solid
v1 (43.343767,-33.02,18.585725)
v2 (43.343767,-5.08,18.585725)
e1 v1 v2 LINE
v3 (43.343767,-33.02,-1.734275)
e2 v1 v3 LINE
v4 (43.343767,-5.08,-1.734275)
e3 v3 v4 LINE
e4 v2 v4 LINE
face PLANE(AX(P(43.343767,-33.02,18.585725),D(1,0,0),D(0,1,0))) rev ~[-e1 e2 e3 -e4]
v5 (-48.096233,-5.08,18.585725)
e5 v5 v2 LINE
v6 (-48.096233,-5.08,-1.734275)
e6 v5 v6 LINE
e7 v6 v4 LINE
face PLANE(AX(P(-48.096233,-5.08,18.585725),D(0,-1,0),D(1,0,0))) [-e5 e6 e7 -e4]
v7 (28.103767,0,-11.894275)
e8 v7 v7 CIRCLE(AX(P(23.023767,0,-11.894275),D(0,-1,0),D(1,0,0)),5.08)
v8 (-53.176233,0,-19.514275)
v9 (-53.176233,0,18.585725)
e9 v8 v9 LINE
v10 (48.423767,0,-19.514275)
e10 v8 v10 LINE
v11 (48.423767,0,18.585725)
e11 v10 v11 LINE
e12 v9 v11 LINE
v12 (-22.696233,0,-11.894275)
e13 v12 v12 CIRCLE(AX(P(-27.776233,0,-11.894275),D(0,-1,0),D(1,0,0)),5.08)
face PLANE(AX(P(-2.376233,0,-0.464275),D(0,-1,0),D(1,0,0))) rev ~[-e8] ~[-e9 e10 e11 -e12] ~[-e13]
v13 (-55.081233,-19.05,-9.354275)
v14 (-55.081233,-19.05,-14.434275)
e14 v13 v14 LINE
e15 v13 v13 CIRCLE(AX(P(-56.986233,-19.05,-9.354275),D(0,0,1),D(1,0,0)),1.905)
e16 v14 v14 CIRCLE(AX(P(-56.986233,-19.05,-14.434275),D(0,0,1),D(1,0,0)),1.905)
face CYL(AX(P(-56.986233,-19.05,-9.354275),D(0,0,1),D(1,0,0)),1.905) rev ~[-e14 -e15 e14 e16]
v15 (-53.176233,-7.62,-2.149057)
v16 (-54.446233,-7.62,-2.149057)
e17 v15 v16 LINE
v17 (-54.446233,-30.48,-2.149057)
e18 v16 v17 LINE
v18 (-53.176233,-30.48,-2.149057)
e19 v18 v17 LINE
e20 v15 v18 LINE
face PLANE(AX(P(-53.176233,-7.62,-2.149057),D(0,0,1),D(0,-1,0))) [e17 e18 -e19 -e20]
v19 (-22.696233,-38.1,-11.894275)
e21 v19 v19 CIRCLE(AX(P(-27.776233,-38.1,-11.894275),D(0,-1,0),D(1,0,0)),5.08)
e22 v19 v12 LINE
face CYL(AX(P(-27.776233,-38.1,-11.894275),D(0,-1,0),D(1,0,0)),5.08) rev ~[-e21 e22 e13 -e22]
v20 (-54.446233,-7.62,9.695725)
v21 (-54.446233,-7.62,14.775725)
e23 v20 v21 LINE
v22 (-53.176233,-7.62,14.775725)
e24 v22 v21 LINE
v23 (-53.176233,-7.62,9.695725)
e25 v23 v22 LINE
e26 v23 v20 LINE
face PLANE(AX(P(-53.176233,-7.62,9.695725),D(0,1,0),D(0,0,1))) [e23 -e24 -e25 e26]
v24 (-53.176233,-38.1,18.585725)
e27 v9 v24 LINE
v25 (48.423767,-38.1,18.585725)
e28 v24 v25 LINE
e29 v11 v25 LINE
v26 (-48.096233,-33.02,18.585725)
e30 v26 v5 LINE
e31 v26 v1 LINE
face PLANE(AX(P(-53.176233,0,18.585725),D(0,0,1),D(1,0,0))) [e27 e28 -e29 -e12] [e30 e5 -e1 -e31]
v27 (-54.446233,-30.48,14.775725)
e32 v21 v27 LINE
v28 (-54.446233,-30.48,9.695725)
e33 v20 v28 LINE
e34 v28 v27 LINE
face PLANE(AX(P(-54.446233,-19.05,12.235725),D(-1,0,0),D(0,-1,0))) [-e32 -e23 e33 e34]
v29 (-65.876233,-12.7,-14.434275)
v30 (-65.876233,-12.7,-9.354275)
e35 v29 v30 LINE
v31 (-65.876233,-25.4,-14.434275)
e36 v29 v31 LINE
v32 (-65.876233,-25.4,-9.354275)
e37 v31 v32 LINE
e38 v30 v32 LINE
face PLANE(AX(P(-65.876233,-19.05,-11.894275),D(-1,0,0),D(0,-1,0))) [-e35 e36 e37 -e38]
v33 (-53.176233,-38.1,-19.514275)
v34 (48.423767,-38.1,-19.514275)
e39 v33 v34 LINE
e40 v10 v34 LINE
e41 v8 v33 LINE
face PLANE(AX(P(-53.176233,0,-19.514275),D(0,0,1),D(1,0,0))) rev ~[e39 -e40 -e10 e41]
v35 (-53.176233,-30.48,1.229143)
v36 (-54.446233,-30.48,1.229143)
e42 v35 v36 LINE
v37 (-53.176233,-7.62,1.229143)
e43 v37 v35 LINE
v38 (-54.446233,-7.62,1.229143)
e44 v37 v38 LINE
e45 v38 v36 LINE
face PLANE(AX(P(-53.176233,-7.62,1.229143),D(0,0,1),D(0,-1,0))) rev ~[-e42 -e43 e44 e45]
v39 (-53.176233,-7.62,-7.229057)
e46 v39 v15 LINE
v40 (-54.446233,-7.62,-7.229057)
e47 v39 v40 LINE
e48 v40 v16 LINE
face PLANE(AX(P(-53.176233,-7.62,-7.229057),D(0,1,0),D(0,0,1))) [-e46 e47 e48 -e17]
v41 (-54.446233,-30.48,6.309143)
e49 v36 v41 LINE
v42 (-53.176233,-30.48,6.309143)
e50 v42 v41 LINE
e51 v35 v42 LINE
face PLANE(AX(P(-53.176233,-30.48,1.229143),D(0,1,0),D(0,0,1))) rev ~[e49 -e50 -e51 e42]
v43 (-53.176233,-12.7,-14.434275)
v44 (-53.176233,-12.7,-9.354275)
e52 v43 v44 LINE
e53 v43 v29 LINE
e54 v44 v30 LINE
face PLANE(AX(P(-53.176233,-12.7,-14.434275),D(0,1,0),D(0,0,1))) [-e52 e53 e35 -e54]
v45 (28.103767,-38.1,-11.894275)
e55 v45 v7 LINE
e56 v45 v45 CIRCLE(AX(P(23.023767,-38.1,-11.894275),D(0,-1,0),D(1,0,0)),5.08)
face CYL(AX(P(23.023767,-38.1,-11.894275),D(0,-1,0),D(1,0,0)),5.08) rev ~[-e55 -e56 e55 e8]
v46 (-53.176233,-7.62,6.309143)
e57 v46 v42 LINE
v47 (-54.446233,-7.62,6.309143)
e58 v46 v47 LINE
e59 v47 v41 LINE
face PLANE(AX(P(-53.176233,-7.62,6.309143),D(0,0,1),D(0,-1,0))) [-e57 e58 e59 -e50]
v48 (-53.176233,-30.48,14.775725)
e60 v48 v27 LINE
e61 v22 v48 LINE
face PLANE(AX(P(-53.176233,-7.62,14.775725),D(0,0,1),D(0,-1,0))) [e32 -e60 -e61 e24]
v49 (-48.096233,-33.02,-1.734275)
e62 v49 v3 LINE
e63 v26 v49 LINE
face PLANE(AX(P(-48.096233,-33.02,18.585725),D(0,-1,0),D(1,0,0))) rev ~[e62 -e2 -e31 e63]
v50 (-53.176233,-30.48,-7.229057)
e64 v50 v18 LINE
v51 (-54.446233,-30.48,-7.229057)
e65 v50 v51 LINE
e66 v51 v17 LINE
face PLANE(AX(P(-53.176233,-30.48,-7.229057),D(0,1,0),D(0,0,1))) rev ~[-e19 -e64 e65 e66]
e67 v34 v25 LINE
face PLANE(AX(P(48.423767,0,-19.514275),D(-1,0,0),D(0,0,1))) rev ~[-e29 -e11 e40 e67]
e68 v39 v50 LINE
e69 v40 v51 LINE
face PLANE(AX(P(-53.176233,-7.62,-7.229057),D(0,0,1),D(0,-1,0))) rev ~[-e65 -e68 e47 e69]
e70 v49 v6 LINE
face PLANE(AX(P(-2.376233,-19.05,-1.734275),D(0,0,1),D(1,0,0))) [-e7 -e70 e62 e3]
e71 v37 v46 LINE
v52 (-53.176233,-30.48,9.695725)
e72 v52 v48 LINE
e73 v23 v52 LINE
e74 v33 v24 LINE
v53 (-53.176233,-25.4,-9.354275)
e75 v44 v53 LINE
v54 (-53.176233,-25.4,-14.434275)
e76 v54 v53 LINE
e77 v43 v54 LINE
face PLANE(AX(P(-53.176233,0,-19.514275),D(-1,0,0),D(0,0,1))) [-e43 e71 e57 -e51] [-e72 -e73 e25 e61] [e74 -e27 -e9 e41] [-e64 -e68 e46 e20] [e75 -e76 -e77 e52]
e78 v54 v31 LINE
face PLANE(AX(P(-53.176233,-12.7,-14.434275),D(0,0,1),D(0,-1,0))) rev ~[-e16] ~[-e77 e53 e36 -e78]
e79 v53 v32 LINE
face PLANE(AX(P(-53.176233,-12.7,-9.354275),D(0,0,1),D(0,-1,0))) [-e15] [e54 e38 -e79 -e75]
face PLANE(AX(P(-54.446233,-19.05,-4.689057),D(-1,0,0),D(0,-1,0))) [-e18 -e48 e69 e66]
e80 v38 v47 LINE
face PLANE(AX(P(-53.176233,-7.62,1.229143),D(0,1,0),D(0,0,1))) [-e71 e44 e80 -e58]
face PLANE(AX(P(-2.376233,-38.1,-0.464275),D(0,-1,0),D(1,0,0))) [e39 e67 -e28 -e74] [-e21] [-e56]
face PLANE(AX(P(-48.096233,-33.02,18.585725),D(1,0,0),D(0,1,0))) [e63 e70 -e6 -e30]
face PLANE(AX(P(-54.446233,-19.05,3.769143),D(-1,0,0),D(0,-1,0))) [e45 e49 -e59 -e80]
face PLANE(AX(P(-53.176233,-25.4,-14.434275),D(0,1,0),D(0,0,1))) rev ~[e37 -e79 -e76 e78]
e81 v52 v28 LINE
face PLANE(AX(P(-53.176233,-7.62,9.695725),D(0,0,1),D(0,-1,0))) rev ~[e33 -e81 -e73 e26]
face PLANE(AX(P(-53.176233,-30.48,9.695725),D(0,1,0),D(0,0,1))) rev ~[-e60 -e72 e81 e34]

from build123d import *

# Parameters (mm, degrees)
F0_W      = 101.6
F0_H      = 38.1
F1_DEPTH  = 38.1
F2_W      = 91.44
F2_H      = 27.94
F3_DEPTH  = 20.32
F4_R      = 5.08
F5_DEPTH  = 38.101
F6_W      = 22.86
F6_H      = 5.08
F7_DEPTH  = 1.27
F8_W      = 12.7
F8_H      = 5.08
F9_DEPTH  = 12.7
F10_R     = 1.905
F11_DEPTH = 10.161


with BuildPart() as f1:
    # F0 (on Front) → F1 (new body)
    with BuildSketch(Plane.XZ):
        with Locations((-2.376233, -0.464275)):
            Rectangle(F0_W, F0_H)
    extrude(amount=F1_DEPTH)

    # F2 (on face) → F3 (cut)
    with BuildSketch(Plane.XY.offset(18.585725)):
        with Locations((-2.376233, -19.05)):
            Rectangle(F2_W, F2_H)
    extrude(amount=-F3_DEPTH, mode=Mode.SUBTRACT)

    # F4 (on face) → F5 (cut, through all)
    with BuildSketch(Plane.XZ.offset(38.1)):
        with Locations((-27.776233, -11.894275)):
            Circle(F4_R)
        with Locations((23.023767, -11.894275)):
            Circle(F4_R)
    extrude(amount=-F5_DEPTH, mode=Mode.SUBTRACT)

    # F6 (on face) → F7 (join)
    with BuildSketch(Plane(origin=(-53.176233, 0, 0), x_dir=(0, -1, 0), z_dir=(-1, 0, 0))):
        with Locations((19.05, 12.235725)):
            Rectangle(F6_W, F6_H)
        with Locations((19.05, 3.769143)):
            Rectangle(F6_W, F6_H)
        with Locations((19.05, -4.689057)):
            Rectangle(F6_W, F6_H)
    extrude(amount=F7_DEPTH)

    # F8 (on face) → F9 (join)
    with BuildSketch(Plane(origin=(-53.176233, 0, 0), x_dir=(0, -1, 0), z_dir=(-1, 0, 0))):
        with Locations((19.05, -11.894275)):
            Rectangle(F8_W, F8_H)
    extrude(amount=F9_DEPTH)

    # F10 (on face) → F11 (cut, through all)
    with BuildSketch(Plane.XY.offset(-9.354275)):
        with Locations((-56.986233, -19.05)):
            Circle(F10_R)
    extrude(amount=-F11_DEPTH, mode=Mode.SUBTRACT)


solid = f1.part
